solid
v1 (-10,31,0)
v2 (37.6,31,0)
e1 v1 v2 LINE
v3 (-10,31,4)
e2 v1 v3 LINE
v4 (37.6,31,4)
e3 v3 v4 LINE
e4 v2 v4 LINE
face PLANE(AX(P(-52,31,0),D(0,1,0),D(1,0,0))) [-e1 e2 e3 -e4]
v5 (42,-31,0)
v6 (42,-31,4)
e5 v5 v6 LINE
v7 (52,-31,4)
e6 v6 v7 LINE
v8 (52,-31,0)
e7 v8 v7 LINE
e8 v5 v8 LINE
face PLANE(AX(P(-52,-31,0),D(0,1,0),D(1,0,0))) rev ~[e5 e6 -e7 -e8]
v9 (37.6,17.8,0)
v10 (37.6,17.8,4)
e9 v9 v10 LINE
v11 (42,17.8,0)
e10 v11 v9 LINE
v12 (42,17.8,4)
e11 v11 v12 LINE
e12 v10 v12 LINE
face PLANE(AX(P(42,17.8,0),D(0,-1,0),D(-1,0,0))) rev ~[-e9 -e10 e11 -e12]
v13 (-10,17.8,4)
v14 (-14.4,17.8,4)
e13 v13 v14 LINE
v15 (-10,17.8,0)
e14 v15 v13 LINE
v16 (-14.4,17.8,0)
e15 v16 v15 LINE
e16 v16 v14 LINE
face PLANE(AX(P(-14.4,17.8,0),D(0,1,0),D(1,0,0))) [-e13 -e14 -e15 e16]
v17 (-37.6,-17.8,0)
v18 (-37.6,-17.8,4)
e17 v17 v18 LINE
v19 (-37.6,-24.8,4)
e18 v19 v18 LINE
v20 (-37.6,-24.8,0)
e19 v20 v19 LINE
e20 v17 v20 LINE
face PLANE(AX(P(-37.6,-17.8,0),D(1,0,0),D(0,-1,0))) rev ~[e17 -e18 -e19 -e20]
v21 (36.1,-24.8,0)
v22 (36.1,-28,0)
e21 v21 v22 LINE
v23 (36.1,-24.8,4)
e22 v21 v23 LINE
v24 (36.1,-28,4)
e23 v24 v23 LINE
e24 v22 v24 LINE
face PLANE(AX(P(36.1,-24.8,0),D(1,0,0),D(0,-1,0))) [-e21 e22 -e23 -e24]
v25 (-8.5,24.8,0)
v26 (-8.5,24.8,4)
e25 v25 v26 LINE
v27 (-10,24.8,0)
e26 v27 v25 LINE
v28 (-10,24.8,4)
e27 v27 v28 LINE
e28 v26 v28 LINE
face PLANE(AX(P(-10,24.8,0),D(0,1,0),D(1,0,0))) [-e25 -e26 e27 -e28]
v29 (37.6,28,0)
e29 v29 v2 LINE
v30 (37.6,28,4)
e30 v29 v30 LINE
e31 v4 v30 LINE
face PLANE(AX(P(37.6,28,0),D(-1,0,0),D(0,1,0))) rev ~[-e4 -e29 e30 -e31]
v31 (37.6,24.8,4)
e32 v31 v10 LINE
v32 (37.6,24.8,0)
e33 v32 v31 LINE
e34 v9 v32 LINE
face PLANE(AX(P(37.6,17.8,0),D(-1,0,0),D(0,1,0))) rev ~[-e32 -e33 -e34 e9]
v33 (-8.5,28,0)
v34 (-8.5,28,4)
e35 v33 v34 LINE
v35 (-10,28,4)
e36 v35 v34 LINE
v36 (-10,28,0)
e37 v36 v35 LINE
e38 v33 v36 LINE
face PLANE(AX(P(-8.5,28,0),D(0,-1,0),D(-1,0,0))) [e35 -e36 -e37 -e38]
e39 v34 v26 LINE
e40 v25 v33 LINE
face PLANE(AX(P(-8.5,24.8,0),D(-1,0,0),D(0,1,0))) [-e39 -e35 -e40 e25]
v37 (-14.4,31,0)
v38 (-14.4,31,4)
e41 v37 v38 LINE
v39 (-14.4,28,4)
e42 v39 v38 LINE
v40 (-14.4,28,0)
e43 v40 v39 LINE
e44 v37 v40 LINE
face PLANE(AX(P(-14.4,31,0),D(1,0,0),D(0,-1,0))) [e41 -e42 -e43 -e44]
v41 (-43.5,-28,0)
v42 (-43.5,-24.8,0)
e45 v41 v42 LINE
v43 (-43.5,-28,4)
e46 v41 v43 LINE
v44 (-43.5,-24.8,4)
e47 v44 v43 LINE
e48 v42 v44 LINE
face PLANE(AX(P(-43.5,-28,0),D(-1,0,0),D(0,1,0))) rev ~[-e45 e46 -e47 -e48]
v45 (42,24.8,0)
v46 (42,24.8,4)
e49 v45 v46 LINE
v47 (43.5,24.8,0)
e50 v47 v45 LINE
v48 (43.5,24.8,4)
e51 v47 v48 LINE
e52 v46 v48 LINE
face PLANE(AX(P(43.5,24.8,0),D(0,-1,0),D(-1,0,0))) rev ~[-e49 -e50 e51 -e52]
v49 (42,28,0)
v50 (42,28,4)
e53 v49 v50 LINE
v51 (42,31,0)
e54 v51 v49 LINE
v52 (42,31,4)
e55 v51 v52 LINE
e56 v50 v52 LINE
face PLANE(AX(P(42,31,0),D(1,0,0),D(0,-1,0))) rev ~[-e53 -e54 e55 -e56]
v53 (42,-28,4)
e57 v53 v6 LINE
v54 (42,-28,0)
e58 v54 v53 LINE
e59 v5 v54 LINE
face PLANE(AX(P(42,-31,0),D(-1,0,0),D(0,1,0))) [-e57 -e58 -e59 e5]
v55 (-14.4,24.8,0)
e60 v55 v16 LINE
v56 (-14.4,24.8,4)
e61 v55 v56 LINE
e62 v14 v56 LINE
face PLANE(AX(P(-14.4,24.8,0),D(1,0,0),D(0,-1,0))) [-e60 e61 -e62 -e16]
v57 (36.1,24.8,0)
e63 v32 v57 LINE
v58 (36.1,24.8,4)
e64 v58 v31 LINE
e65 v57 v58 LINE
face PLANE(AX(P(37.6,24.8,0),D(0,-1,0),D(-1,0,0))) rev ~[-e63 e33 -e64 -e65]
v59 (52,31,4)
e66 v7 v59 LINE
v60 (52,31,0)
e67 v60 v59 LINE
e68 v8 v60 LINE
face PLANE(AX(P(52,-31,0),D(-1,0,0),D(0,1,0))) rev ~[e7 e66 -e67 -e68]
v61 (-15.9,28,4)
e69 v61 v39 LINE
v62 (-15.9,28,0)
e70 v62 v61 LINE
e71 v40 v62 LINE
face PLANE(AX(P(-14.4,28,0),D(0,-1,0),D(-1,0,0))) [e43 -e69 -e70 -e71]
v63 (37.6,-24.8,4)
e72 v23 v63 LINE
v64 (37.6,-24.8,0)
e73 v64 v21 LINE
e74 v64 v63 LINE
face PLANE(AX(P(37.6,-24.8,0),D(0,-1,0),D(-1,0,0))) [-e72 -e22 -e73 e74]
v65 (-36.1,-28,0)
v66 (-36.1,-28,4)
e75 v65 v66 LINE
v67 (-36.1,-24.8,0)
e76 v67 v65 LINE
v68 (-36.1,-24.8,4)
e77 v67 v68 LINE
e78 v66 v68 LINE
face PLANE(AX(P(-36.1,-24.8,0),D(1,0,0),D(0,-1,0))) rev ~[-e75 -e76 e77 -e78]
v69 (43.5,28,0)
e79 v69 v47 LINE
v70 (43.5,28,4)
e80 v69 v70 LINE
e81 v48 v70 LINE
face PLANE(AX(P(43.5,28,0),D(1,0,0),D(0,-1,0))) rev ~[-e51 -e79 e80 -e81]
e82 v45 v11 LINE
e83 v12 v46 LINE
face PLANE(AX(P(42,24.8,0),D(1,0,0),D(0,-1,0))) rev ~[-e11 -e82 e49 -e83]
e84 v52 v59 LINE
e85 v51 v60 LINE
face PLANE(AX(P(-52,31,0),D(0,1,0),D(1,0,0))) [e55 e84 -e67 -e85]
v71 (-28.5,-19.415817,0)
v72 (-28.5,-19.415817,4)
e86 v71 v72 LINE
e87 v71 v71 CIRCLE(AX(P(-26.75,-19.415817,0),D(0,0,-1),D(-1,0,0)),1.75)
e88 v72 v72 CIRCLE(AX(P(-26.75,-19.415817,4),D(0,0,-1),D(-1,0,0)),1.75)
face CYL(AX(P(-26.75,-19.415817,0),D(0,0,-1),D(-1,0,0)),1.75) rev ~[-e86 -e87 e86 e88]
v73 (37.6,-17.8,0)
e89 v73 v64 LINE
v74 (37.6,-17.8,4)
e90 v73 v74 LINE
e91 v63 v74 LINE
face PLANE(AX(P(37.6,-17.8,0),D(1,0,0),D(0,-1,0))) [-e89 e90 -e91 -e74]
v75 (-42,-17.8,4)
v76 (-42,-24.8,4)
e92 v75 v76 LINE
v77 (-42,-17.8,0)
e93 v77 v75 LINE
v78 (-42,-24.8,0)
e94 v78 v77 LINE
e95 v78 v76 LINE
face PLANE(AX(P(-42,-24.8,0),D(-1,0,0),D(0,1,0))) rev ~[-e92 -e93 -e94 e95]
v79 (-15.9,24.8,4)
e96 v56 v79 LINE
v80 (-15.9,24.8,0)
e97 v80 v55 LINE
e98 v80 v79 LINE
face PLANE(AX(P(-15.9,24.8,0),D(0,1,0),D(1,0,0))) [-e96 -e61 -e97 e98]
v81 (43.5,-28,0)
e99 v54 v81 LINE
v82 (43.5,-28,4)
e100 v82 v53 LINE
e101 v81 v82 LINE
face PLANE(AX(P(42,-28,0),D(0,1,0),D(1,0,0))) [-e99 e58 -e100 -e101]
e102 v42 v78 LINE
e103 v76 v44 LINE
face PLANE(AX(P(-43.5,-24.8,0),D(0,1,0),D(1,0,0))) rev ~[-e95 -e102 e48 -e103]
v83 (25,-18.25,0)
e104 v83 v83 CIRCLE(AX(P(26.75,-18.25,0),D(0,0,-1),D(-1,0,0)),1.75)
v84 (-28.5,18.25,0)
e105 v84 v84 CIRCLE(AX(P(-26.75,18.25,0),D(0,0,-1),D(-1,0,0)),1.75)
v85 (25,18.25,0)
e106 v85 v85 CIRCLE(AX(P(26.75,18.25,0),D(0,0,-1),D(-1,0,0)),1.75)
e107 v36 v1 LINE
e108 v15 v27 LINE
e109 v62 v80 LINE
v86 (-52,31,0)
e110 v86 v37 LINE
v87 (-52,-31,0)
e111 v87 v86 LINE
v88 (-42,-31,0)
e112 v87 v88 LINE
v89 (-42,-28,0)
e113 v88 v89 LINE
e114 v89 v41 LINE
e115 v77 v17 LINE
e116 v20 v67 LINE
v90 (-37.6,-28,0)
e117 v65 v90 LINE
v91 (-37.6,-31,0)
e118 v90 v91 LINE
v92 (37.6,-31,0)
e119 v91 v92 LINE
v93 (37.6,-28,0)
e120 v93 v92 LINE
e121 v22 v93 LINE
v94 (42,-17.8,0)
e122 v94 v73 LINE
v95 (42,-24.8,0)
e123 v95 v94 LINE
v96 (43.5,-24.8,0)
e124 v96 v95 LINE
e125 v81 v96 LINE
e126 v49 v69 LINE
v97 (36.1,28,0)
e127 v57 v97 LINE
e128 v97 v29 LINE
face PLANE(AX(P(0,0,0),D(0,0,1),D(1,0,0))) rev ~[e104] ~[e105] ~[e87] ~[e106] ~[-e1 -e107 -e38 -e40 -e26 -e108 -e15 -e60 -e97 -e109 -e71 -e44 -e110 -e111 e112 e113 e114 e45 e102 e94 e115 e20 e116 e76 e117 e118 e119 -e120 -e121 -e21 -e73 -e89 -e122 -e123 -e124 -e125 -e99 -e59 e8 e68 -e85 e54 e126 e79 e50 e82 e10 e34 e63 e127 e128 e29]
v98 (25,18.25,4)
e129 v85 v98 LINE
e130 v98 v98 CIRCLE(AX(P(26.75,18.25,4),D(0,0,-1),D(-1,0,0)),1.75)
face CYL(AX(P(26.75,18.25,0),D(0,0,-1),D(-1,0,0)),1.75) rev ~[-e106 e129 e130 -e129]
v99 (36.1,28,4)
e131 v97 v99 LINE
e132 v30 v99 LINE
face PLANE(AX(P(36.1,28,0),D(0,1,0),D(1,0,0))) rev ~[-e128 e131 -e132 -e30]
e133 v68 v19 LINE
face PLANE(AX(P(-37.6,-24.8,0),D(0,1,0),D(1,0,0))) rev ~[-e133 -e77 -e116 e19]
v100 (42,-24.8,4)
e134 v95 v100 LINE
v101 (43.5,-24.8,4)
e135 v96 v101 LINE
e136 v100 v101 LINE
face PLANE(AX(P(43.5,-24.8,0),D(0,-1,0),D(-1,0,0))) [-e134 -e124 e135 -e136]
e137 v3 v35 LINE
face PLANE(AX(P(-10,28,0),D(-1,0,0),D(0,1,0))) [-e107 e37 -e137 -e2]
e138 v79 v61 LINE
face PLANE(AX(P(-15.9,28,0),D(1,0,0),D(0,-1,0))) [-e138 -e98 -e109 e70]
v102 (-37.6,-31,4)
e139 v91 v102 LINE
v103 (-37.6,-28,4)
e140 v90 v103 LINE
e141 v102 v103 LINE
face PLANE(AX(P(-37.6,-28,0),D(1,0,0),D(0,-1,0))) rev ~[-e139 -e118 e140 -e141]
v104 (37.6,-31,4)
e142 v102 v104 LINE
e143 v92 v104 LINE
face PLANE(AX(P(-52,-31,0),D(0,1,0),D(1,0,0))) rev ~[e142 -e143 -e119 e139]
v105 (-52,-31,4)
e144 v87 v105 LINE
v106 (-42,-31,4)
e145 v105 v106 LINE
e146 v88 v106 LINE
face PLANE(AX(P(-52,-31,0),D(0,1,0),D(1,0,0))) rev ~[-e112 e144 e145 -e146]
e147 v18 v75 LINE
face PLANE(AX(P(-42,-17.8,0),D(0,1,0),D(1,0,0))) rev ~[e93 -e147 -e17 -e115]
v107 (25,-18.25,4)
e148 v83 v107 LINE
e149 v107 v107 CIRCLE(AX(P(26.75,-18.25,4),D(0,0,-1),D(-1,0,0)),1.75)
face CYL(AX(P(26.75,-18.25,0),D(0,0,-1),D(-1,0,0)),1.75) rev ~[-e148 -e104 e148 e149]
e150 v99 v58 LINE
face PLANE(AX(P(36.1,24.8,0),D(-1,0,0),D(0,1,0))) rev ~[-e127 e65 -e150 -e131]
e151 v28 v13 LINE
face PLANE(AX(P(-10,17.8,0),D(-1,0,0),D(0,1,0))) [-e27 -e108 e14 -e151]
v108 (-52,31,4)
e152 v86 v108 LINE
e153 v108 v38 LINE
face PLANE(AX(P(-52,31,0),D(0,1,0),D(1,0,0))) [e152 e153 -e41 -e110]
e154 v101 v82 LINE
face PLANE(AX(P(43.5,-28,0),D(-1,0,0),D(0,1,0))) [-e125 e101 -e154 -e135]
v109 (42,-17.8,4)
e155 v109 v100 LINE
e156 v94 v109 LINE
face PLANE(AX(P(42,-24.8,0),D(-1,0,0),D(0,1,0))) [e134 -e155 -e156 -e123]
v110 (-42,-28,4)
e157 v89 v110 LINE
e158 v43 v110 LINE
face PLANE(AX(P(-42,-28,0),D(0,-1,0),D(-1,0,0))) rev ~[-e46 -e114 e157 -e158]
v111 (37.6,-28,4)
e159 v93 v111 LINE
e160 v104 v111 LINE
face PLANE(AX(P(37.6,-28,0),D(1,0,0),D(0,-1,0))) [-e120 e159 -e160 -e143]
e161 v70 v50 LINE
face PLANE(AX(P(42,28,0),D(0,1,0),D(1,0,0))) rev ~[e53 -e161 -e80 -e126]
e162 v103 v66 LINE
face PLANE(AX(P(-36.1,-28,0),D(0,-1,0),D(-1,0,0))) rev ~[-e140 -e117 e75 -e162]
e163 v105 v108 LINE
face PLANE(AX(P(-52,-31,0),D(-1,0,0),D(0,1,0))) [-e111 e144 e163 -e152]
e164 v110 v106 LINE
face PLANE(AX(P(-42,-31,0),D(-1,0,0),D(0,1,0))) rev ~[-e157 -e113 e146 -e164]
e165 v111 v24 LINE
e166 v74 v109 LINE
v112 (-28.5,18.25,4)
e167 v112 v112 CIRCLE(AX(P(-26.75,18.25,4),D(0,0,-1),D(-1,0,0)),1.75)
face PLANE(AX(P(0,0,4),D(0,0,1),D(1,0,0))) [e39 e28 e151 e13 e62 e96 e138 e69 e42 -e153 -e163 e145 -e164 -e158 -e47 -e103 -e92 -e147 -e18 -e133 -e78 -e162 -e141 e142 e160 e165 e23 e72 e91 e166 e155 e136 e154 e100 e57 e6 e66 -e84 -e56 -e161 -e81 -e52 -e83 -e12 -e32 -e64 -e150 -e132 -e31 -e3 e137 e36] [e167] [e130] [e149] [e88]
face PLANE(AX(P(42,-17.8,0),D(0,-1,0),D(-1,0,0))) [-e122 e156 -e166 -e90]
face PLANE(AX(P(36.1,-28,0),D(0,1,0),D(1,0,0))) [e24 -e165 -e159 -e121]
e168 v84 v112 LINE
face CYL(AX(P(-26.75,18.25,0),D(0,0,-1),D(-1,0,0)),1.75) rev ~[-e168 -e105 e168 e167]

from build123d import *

# Parameters (mm, degrees)
SKETCH1_W           = 104
SKETCH1_H           = 62
BOSS_EXTRUDE1_DEPTH = 4
CUT_EXTRUDE1_DEPTH  = 10
SKETCH4_R           = 1.75
CUT_EXTRUDE3_DEPTH  = 10


with BuildPart() as part:
    # Sketch1 → Boss-Extrude1 (new body)
    with BuildSketch(Plane.XY):
        Rectangle(SKETCH1_W, SKETCH1_H)
    extrude(amount=BOSS_EXTRUDE1_DEPTH)

    # Sketch2 → Cut-Extrude1 (cut)
    with BuildSketch(Plane(origin=(0, 0, 0), x_dir=(-1, 0, 0), z_dir=(0, 0, -1))):
        Polygon((-37.6, -28), (-37.6, -31), (-42, -31), (-42, -28), (-43.5, -28), (-43.5, -24.8), (-42, -24.8), (-42, -17.8), (-37.6, -17.8), (-37.6, -24.8), (-36.1, -24.8), (-36.1, -28), align=None)
        Polygon((42, -31), (42, -28), (43.5, -28), (43.5, -24.8), (42, -24.8), (42, -17.8), (37.6, -17.8), (37.6, -24.8), (36.1, -24.8), (36.1, -28), (37.6, -28), (37.6, -31), align=None)
        Polygon((-42, 31), (-42, 28), (-43.5, 28), (-43.5, 24.8), (-42, 24.8), (-42, 17.8), (-37.6, 17.8), (-37.6, 24.8), (-36.1, 24.8), (-36.1, 28), (-37.6, 28), (-37.6, 31), align=None)
        Polygon((14.4, 24.8), (14.4, 17.8), (10, 17.8), (10, 24.8), (8.5, 24.8), (8.5, 28), (10, 28), (10, 31), (14.4, 31), (14.4, 28), (15.9, 28), (15.9, 24.8), align=None)
    extrude(amount=-CUT_EXTRUDE1_DEPTH, mode=Mode.SUBTRACT)

    # Sketch4 → Cut-Extrude3 (cut)
    with BuildSketch(Plane(origin=(0, 0, 0), x_dir=(-1, 0, 0), z_dir=(0, 0, -1))):
        with Locations((-26.75, 18.25)):
            Circle(SKETCH4_R)
        with Locations((-26.75, -18.25)):
            Circle(SKETCH4_R)
        with Locations((26.75, 18.25)):
            Circle(SKETCH4_R)
        with Locations((26.75, -19.415816569)):
            Circle(SKETCH4_R)
    extrude(amount=-CUT_EXTRUDE3_DEPTH, mode=Mode.SUBTRACT)


solid = part.part
